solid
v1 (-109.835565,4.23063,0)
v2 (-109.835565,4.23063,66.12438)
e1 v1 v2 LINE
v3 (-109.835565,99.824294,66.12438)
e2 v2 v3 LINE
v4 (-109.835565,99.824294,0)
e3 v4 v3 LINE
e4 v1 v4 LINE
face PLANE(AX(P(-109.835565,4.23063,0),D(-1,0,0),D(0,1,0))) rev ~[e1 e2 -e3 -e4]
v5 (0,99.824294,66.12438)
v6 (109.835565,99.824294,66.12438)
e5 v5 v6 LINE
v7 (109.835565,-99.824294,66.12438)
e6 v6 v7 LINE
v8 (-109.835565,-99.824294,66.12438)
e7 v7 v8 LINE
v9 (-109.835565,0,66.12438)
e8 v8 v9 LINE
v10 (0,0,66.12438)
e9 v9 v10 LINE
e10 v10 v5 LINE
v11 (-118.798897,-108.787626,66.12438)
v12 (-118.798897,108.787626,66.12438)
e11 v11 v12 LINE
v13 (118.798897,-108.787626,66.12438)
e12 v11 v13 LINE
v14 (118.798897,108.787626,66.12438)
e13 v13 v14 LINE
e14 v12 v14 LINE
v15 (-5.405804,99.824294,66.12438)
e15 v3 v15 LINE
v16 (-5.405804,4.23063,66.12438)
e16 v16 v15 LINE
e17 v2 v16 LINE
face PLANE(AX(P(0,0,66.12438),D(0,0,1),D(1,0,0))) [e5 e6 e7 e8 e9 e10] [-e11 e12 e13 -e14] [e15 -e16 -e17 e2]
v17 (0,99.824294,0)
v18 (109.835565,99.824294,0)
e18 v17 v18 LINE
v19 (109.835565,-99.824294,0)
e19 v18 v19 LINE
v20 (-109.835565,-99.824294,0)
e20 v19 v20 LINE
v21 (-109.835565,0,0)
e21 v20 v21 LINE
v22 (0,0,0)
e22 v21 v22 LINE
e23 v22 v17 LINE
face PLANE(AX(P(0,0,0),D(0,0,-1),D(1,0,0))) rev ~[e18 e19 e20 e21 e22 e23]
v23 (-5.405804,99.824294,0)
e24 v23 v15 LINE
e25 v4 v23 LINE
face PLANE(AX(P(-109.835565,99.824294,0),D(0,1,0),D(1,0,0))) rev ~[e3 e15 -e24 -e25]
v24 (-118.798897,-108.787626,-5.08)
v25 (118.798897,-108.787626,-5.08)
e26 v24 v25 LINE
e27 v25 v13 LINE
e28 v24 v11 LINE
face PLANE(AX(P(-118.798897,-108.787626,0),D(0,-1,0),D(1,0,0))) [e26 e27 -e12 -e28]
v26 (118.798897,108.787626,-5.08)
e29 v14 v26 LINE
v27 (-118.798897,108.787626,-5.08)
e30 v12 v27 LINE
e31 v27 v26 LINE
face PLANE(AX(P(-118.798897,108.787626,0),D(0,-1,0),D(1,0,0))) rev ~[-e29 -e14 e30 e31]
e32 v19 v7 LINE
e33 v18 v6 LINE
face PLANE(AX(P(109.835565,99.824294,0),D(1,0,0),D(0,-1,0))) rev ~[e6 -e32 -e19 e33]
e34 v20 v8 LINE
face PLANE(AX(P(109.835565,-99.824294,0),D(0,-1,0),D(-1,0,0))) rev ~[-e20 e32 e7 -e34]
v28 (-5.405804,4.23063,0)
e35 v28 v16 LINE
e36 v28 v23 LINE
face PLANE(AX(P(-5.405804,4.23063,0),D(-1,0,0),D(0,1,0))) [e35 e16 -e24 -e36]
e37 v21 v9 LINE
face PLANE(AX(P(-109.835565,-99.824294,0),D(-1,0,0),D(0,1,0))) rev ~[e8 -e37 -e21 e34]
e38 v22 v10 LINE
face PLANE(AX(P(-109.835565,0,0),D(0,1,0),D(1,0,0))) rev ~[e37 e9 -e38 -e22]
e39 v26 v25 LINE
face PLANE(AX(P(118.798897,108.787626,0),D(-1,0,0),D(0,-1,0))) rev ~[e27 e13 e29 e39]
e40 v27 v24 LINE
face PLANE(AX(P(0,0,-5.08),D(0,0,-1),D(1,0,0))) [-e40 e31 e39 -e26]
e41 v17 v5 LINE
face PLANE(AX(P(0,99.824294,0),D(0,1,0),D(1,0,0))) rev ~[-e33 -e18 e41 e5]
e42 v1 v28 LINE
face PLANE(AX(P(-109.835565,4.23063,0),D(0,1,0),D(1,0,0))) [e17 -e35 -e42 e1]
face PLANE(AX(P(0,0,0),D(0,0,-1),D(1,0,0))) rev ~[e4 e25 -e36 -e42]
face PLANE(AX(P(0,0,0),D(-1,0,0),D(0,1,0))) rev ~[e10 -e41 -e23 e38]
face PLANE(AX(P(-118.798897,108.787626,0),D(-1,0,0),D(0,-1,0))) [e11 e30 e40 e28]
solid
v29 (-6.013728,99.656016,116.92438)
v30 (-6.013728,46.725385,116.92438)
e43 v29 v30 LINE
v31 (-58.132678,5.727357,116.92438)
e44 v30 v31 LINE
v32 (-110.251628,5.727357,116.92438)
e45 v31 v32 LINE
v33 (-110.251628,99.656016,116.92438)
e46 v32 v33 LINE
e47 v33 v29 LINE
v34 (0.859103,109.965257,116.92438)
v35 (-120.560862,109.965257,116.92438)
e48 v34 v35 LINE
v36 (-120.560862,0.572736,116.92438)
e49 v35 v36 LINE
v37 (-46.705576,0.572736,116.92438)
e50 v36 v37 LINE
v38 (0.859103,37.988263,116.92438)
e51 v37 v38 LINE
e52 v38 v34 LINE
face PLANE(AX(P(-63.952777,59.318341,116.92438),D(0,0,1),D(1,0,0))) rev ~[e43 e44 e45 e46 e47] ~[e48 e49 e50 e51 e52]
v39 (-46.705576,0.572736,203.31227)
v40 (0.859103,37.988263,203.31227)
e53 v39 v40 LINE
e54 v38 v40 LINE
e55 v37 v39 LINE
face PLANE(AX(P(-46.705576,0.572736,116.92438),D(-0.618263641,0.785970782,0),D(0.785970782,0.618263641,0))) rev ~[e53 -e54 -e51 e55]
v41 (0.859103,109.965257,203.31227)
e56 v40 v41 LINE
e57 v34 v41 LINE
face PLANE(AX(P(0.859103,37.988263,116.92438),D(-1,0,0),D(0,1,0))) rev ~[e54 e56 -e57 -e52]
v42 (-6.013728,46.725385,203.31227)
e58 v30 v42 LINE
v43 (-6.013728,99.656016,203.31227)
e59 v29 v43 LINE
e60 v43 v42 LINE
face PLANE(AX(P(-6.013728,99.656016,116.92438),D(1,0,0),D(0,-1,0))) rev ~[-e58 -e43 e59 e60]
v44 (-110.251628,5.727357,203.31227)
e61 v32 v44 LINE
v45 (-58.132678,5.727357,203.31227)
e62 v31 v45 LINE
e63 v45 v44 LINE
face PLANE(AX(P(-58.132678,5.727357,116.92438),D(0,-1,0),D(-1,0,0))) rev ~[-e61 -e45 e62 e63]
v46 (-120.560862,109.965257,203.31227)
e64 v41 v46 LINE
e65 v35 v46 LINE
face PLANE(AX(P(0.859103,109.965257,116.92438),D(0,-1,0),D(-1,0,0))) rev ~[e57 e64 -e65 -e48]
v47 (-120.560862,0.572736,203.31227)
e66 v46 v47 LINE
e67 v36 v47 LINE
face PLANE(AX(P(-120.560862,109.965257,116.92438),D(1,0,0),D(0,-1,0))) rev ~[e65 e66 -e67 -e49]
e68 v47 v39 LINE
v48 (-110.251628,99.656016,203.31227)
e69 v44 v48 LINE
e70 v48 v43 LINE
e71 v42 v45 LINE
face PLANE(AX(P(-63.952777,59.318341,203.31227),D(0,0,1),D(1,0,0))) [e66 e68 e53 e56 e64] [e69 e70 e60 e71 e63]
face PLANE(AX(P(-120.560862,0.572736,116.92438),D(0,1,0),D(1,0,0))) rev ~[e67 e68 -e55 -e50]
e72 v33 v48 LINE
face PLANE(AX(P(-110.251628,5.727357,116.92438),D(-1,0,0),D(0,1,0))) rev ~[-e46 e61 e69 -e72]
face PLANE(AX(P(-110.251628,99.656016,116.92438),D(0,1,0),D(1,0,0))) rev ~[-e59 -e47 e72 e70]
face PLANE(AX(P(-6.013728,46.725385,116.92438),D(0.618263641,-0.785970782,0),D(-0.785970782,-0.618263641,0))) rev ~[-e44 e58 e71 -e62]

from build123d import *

# Parameters (mm, degrees)
F0_W     = 237.5977933407
F0_H     = 217.5752520561
F0_W_2   = 104.4297614135
F0_H_2   = 95.5936643295
F1_DEPTH = 66.12438
F2_W     = 237.5977933407
F2_H     = 217.5752520561
F3_DEPTH = 5.08
F6_DEPTH = 86.38789


with BuildPart() as f1:
    # F0 (on Top) → F1 (new body)
    with BuildSketch(Plane.XY):
        Rectangle(F0_W, F0_H)
        with Locations((-57.6206843834, 52.0274622831)):
            Rectangle(F0_W_2, F0_H_2, mode=Mode.SUBTRACT)
        Polygon((109.8355650902, -99.8242944479), (-109.8355650902, -99.8242944479), (-109.8355650902, 0), (0, 0), (0, 4.2306301184), (0, 99.8242944479), (109.8355650902, 99.8242944479), align=None, mode=Mode.SUBTRACT)
    extrude(amount=F1_DEPTH)

    # F2 (on face) → F3 (join)
    with BuildSketch(Plane(origin=(0, 0, 0), x_dir=(1, 0, 0), z_dir=(0, 0, -1))):
        Rectangle(F2_W, F2_H)
    extrude(amount=F3_DEPTH)


with BuildPart() as f6:
    # F5 (on offset) → F6 (new body)
    with BuildSketch(Plane.XY.offset(116.92438)):
        Polygon((0.8591034566, 109.9652573466), (-120.560862124, 109.9652573466), (-120.560862124, 0.5727356765), (-46.7055755058, 0.5727356765), (0.8591034566, 37.9882634563), align=None)
        Polygon((-110.2516278625, 5.7273572311), (-110.2516278625, 99.6560156345), (-6.0137277469, 99.6560156345), (-6.0137277469, 46.725384891), (-58.1326778047, 5.7273572311), align=None, mode=Mode.SUBTRACT)
    extrude(amount=F6_DEPTH)


solid = Compound([f1.part, f6.part])
